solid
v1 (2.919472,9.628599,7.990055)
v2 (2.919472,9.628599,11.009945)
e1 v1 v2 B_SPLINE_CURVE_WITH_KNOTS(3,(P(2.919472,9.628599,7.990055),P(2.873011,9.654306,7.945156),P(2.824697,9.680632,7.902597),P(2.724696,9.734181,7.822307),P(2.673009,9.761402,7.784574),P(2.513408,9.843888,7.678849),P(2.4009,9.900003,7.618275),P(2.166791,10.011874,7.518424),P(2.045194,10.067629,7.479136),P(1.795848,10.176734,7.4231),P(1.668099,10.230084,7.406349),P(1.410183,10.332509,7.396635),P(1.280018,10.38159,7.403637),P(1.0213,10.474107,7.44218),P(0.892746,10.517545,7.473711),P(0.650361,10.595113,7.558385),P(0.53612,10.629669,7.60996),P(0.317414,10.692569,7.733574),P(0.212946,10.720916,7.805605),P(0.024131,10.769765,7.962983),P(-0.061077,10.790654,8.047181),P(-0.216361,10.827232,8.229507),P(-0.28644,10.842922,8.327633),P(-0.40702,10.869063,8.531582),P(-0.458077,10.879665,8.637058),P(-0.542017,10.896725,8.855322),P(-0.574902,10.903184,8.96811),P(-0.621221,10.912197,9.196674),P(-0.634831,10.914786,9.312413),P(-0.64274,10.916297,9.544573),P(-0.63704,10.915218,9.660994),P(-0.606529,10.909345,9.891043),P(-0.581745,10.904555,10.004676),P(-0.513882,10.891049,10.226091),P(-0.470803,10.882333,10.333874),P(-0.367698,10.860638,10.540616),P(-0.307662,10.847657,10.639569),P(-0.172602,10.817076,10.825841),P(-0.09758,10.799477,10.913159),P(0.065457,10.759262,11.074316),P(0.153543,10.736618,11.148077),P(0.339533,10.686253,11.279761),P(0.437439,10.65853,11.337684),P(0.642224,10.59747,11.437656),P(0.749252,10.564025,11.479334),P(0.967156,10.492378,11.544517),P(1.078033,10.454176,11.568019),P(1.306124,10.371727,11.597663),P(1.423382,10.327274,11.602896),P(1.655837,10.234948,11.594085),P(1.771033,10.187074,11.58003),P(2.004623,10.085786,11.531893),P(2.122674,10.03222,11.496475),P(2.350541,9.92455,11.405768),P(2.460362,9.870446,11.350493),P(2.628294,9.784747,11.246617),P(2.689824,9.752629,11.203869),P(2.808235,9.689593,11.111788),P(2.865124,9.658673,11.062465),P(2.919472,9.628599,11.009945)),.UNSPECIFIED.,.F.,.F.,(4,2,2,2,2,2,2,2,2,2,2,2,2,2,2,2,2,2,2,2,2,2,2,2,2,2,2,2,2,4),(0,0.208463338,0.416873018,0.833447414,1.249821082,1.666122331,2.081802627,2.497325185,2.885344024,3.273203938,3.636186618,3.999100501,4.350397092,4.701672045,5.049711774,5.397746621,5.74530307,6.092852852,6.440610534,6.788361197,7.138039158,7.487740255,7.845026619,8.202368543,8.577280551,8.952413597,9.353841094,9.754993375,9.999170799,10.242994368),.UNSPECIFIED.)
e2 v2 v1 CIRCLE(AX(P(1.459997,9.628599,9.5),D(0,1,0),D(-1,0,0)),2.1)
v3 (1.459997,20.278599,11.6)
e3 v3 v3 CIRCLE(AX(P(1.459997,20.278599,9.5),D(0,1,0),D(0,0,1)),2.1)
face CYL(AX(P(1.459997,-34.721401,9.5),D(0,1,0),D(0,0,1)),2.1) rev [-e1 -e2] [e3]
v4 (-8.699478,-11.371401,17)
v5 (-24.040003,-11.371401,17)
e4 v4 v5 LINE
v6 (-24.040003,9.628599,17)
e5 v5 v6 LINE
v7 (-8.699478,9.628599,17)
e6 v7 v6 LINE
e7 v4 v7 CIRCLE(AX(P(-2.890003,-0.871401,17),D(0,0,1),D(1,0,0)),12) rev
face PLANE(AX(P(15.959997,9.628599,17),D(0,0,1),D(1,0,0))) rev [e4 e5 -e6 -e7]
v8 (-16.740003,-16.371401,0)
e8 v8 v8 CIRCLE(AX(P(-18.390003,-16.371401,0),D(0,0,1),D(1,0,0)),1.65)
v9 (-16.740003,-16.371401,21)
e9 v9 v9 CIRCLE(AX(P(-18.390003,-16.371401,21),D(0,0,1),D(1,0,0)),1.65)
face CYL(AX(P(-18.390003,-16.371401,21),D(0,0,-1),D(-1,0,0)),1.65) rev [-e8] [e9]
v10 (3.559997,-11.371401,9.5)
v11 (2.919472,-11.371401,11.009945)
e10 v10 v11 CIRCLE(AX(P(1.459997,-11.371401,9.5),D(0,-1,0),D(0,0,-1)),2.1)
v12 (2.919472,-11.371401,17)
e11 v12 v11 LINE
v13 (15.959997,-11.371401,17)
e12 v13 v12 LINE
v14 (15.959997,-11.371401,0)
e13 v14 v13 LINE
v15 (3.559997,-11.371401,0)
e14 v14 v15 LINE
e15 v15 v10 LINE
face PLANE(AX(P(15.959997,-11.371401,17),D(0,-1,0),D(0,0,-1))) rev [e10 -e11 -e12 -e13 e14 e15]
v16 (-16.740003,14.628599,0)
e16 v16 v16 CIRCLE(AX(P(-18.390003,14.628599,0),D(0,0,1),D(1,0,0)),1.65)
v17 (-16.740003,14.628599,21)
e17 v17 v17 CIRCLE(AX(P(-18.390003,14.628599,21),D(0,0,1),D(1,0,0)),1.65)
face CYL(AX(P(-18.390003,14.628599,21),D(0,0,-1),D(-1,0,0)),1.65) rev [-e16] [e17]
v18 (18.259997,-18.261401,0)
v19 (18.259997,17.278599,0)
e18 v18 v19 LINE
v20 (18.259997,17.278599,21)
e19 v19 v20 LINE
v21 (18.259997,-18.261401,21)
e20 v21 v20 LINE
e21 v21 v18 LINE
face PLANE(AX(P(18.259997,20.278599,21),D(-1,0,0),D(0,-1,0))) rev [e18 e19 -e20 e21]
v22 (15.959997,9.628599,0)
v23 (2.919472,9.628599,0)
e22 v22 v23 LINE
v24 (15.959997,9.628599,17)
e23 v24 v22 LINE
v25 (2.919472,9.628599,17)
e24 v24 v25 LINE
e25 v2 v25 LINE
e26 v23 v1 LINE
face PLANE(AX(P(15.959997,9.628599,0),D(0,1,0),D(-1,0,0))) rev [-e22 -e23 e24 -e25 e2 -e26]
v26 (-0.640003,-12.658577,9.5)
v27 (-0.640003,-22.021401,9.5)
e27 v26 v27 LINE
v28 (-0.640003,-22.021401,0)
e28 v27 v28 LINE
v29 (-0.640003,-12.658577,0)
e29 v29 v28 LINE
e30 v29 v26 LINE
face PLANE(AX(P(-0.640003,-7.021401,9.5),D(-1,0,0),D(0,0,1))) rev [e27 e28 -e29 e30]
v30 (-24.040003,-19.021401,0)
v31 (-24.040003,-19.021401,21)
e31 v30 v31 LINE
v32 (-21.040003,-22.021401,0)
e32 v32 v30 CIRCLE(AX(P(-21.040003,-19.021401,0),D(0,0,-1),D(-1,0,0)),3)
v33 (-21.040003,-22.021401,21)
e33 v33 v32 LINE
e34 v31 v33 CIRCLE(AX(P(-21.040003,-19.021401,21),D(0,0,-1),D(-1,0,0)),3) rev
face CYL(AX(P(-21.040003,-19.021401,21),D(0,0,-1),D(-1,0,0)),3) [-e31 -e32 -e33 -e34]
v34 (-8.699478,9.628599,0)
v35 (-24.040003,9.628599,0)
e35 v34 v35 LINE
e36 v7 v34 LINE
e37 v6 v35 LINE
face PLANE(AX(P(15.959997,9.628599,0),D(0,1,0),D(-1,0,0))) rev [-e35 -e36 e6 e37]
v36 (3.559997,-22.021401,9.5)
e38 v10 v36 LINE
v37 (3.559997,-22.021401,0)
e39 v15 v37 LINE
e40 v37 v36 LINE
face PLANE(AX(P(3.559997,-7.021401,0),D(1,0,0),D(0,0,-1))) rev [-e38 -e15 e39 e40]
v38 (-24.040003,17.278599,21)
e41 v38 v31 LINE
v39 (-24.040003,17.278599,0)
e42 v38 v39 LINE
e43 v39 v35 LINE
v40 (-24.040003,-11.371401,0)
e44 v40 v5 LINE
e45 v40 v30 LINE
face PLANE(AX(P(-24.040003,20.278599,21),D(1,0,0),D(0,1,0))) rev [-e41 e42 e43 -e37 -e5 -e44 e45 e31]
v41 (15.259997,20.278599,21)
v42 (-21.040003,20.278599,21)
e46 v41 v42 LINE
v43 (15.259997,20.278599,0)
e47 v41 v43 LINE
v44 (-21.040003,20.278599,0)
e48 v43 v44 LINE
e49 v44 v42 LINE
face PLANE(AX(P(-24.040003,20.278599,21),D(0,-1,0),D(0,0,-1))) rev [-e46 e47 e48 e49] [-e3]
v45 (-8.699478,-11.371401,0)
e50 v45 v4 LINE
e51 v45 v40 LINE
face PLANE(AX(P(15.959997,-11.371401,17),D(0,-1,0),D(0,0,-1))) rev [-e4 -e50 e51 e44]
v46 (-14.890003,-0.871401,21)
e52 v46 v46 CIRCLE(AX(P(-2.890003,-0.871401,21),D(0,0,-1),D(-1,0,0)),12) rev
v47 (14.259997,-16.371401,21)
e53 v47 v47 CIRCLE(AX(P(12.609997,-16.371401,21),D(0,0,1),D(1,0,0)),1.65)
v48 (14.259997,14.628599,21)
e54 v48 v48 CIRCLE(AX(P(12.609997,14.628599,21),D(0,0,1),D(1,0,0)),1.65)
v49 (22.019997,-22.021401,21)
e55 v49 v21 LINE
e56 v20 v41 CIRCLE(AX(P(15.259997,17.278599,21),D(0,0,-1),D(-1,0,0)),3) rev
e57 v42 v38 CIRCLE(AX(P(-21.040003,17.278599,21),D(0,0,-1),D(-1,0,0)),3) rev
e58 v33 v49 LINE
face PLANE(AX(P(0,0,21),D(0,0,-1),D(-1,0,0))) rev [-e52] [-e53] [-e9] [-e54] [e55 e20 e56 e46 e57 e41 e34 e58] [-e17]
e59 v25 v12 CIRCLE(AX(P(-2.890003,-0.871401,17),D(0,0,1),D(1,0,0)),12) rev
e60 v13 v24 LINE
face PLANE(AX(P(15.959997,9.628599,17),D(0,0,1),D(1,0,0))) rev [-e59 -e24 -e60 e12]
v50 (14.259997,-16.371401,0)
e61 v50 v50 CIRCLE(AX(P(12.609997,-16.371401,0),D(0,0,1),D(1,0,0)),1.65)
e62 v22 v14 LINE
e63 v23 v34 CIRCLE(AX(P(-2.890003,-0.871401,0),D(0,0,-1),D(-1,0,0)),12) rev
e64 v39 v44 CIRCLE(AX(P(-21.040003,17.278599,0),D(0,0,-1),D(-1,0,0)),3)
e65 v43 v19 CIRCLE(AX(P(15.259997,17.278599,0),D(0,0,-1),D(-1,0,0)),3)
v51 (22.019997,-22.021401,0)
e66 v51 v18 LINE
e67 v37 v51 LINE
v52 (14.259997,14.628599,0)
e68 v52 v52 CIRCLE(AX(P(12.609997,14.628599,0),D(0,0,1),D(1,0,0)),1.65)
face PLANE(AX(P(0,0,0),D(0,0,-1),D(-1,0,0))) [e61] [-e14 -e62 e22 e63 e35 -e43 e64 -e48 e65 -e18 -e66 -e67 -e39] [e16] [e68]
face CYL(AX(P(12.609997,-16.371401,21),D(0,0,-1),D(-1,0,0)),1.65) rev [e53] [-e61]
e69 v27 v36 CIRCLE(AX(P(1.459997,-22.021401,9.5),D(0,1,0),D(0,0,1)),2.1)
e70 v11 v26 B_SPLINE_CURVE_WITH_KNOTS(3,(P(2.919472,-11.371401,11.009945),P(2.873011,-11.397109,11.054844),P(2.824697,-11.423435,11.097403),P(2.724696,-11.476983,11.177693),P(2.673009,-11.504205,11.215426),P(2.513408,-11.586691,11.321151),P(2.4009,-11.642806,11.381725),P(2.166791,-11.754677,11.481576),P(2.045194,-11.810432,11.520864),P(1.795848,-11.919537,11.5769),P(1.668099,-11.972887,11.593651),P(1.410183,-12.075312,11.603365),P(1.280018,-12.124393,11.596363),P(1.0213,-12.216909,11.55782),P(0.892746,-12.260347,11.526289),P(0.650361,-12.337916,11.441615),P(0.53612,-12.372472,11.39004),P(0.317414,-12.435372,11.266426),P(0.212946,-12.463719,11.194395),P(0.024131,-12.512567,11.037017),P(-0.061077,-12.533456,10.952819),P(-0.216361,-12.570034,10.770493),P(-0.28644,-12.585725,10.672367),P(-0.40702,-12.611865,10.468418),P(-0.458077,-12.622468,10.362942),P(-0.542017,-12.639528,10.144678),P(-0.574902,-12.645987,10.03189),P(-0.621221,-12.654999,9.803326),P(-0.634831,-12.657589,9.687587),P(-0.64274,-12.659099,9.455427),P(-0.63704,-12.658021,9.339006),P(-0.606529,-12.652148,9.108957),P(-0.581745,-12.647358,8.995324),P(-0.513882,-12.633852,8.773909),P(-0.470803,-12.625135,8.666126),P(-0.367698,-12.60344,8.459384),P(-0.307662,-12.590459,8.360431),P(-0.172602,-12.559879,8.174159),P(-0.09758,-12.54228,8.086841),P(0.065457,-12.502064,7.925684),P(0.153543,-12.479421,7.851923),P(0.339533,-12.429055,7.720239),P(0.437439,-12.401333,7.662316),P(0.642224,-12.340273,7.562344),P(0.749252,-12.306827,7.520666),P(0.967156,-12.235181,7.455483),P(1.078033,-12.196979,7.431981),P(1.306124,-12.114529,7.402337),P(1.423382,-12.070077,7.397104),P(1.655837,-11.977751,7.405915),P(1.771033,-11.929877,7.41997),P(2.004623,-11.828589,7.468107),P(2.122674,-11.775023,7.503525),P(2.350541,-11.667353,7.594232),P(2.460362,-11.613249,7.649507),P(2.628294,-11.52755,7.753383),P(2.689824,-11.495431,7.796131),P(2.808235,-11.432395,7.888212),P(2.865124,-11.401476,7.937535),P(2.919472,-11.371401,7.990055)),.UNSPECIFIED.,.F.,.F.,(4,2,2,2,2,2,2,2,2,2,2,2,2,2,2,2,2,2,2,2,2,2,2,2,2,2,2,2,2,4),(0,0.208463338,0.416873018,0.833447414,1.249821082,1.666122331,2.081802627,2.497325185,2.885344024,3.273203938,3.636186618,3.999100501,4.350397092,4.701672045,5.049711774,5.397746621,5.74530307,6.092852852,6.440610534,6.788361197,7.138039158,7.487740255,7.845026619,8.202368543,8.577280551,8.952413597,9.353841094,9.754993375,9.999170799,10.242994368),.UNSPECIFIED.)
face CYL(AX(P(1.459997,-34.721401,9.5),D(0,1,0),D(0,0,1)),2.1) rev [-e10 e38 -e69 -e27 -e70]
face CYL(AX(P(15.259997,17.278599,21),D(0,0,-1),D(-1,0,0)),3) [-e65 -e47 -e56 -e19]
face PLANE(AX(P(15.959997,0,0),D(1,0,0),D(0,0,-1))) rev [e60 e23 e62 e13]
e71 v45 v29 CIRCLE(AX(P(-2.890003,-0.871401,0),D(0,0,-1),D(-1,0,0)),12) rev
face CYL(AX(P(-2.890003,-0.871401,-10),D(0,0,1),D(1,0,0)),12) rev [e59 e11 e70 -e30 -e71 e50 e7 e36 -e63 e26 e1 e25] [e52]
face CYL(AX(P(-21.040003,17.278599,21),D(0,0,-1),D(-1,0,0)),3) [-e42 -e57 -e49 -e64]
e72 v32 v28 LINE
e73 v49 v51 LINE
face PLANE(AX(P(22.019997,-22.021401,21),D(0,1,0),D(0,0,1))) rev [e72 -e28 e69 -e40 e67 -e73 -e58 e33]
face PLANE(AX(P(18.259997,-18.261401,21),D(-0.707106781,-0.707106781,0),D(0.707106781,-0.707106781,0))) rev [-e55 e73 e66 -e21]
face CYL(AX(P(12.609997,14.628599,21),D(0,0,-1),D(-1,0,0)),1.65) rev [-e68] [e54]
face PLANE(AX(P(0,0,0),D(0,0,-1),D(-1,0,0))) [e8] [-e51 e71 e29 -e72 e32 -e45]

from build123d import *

# Parameters (mm, degrees)
IZIM1_R                     = 1.65
Y_KSEKLIK_EKSTR_ZYON1_DEPTH = 21
RADYUS1_R                   = 3
IZIM4_W                     = 17
IZIM4_H                     = 21
KES_EKSTR_ZYON3_DEPTH       = 40
IZIM5_R                     = 2.1
KES_EKSTR_ZYON4_DEPTH       = 55
IZIM2_R                     = 12
KES_EKSTR_ZYON1_DEPTH       = 10
KES_EKSTR_ZYON1_DEPTH_BACK  = 23
KES_EKSTR_ZYON5_DEPTH       = 15


with BuildPart() as part:
    # Çizim1 → Yükseklik-Ekstrüzyon1 (new body)
    with BuildSketch(Plane.XY):
        Polygon((-6.954216705, -22.021401373), (-4.12578958, -22.021401373), (7.545783295, -22.021401373), (10.37421042, -22.021401373), (18.259996857, -22.021401373), (22.019996857, -22.021401373), (18.259996857, -18.261401373), (18.259996857, 20.278598627), (-24.040003143, 20.278598627), (-24.040003143, -22.021401373), align=None)
        with Locations((-18.390003143, 14.628598627)):
            Circle(IZIM1_R, mode=Mode.SUBTRACT)
        with Locations((12.609996857, 14.628598627)):
            Circle(IZIM1_R, mode=Mode.SUBTRACT)
        with Locations((-18.390003143, -16.371401373)):
            Circle(IZIM1_R, mode=Mode.SUBTRACT)
        with Locations((12.609996857, -16.371401373)):
            Circle(IZIM1_R, mode=Mode.SUBTRACT)
    extrude(amount=Y_KSEKLIK_EKSTR_ZYON1_DEPTH)

    # Radyus1
    radyus1_edges = [part.edges().sort_by_distance(p)[0] for p in [
        (-24.040003143, 20.278598627, 10.5),
        (18.259996857, 20.278598627, 10.5),
        (-24.040003143, -22.021401373, 10.5),
    ]]
    fillet(radyus1_edges, radius=RADYUS1_R)

    # Çizim4 → Kes-Ekstrüzyon3 (cut)
    with BuildSketch(Plane.ZY.offset(24.040003143)):
        with Locations((8.5, -0.871401373)):
            Rectangle(IZIM4_W, IZIM4_H)
    extrude(amount=-KES_EKSTR_ZYON3_DEPTH, mode=Mode.SUBTRACT)

    # Çizim5 → Kes-Ekstrüzyon4 (cut)
    with BuildSketch(Plane(origin=(0, 20.278598627, 0), x_dir=(1, 0, 0), z_dir=(0, 1, 0))):
        with Locations((1.459996857, -9.5)):
            Circle(IZIM5_R)
    extrude(amount=-KES_EKSTR_ZYON4_DEPTH, mode=Mode.SUBTRACT)

    # Çizim2 → Kes-Ekstrüzyon1 (cut, two sides)
    with BuildSketch(Plane(origin=(0, 0, 0), x_dir=(-1, 0, 0), z_dir=(0, 0, -1))) as kes_ekstr_zyon1_sk:
        with Locations((2.890003143, -0.871401373)):
            Circle(IZIM2_R)
    extrude(amount=KES_EKSTR_ZYON1_DEPTH, mode=Mode.SUBTRACT)
    extrude(kes_ekstr_zyon1_sk.sketch, amount=-KES_EKSTR_ZYON1_DEPTH_BACK, mode=Mode.SUBTRACT)

    # Çizim6 → Kes-Ekstrüzyon5 (cut)
    with BuildSketch(Plane.XZ.offset(22.021401373)):
        with BuildLine():
            Line((-0.640003143, 9.5), (-0.640003143, 0))
            Line((-0.640003143, 0), (3.559996857, 0))
            Line((3.559996857, 0), (3.559996857, 9.5))
            ThreePointArc((3.559996857, 9.5), (1.459996857, 11.6), (-0.640003143, 9.5))
        make_face()
    extrude(amount=-KES_EKSTR_ZYON5_DEPTH, mode=Mode.SUBTRACT)


solid = part.part
